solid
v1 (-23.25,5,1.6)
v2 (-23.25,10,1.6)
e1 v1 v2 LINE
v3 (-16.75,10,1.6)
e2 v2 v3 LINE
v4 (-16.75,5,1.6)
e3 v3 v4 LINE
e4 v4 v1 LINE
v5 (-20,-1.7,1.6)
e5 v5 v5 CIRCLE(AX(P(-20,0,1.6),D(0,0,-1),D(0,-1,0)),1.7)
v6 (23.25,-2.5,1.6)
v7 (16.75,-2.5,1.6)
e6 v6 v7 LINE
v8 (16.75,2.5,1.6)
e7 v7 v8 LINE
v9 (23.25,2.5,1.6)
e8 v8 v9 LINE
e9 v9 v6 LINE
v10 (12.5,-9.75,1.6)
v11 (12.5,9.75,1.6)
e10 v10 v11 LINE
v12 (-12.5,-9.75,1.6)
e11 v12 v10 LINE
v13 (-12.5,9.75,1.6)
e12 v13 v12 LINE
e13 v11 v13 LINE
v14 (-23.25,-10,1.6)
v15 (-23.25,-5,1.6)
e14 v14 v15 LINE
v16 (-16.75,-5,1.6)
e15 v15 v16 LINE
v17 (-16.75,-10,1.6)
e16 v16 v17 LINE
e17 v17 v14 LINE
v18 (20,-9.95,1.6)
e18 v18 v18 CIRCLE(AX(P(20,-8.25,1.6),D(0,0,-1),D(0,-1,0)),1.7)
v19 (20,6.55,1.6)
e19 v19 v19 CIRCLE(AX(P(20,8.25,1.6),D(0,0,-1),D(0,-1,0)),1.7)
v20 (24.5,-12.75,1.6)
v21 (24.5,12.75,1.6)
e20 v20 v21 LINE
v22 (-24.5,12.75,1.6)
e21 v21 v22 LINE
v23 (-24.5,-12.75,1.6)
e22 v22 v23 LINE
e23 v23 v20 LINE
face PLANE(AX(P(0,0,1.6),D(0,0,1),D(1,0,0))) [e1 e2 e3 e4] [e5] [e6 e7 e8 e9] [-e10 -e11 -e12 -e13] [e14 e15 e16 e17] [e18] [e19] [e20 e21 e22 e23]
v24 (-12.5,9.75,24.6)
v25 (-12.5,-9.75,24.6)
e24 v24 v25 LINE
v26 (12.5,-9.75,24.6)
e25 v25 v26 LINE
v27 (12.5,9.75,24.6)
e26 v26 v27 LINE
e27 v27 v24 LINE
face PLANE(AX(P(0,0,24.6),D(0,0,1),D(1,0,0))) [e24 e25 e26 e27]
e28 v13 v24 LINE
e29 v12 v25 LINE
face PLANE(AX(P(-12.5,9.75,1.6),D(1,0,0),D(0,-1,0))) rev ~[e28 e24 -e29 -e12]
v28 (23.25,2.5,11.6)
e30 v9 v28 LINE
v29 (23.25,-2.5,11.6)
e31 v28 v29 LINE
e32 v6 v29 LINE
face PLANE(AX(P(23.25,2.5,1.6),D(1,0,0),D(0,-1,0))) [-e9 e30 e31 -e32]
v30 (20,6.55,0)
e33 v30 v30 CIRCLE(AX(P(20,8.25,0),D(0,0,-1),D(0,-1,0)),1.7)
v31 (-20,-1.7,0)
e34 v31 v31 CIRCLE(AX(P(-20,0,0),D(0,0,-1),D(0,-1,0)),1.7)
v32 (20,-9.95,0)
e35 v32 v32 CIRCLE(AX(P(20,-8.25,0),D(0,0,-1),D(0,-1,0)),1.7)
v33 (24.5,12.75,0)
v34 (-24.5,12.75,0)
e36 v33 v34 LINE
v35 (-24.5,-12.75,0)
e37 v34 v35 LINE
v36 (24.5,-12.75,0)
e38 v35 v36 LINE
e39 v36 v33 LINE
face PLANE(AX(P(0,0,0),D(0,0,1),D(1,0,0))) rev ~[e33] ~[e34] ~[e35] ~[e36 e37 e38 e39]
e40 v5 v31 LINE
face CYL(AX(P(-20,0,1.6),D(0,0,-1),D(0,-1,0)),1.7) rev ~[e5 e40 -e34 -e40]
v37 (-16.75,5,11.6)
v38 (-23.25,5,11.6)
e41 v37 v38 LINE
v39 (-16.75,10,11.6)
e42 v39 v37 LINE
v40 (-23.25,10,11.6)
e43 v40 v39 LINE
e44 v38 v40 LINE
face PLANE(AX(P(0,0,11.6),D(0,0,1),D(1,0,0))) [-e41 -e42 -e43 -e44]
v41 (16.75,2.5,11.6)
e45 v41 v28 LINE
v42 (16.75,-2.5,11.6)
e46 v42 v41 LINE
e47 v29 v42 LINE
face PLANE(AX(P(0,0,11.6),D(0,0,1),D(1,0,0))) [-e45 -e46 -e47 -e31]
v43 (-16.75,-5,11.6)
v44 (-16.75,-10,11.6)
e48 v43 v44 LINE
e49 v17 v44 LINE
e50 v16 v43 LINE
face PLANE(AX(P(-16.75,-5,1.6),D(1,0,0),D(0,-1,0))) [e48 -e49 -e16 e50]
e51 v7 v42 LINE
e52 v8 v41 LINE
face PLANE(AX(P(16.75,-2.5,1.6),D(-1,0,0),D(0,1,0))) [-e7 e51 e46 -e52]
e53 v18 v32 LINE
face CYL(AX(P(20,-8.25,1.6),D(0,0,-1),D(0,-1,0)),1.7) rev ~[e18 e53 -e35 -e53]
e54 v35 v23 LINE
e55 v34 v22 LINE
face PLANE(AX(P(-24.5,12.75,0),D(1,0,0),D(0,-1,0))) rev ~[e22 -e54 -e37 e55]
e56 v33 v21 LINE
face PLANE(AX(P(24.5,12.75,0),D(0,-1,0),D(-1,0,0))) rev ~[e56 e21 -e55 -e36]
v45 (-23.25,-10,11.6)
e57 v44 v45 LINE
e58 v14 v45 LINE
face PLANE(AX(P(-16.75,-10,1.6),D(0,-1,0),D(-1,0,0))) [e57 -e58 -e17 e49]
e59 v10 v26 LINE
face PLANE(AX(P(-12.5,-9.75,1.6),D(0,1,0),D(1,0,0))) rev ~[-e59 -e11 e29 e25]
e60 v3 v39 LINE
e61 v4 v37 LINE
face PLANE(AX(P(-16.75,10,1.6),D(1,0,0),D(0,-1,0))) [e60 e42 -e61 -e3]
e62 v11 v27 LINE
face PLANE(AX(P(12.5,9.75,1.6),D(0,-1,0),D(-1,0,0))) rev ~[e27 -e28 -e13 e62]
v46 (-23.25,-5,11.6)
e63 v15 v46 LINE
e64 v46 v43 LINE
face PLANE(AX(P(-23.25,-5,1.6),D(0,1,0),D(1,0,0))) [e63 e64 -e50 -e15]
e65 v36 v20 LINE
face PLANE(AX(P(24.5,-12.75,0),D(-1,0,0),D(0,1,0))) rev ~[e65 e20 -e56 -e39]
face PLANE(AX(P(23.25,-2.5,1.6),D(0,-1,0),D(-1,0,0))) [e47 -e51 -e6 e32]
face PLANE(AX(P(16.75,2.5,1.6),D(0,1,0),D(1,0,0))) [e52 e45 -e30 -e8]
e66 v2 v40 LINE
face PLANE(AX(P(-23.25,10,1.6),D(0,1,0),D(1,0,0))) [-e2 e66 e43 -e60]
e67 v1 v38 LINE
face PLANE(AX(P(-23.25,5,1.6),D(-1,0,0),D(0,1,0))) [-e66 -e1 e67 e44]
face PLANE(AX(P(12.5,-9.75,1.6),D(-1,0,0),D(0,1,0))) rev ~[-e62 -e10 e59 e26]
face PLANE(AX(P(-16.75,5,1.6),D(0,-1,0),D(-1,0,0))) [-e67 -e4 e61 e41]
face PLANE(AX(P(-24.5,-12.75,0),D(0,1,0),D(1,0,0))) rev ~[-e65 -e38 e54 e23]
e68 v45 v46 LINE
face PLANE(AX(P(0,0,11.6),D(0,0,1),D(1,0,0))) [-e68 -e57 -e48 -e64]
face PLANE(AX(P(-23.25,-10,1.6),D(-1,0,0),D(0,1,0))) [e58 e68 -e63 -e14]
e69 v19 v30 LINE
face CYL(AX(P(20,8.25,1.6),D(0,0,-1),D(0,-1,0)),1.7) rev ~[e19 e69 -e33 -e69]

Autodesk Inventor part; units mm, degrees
ref_plane "YZ Plane" through (0, 0, 0) normal (1, 0, 0) x (0, 1, 0)
ref_plane "XZ Plane" through (0, 0, 0) normal (0, 1, 0) x (-1, 0, 0)
ref_plane "XY Plane" through (0, 0, 0) normal (0, 0, 1) x (1, 0, 0)
sketch "Sketch1" plane through (0, 0, 0) normal (0, 0, 1) x (1, 0, 0)
  line L0 (-24.5, -12.75) -> (24.5, -12.75)
  line L1 (24.5, -12.75) -> (24.5, 12.75)
  line L2 (24.5, 12.75) -> (-24.5, 12.75)
  line L3 (-24.5, 12.75) -> (-24.5, -12.75)
  line L4 (-24.5, -12.75) -> (24.5, 12.75) construction
  line L5 (24.5, -12.75) -> (-24.5, 12.75) construction
  point P0 (0, 0)
  dimension "d0" = 49
  dimension "d1" = 25.5
extrude "Extrusion1" add sketch "Sketch1" along normal blind 1.6
sketch "Sketch2" plane through (0, 0, 1.6) normal (0, 0, 1) x (1, 0, 0)
  line L0 (-12.5, -9.75) -> (12.5, -9.75)
  line L1 (12.5, -9.75) -> (12.5, 9.75)
  line L2 (12.5, 9.75) -> (-12.5, 9.75)
  line L3 (-12.5, 9.75) -> (-12.5, -9.75)
  line L4 (-12.5, -9.75) -> (12.5, 9.75) construction
  line L5 (12.5, -9.75) -> (-12.5, 9.75) construction
  point P0 (0, 0)
  dimension "d4" = 25
  dimension "d5" = 19.5
extrude "Extrusion2" add sketch "Sketch2" along normal blind 23
sketch "Sketch3" plane through (0, 0, 1.6) normal (0, 0, 1) x (1, 0, 0)
  line L0 (16.75, 2.5) -> (23.25, 2.5)
  line L1 (23.25, 2.5) -> (23.25, -2.5)
  line L2 (23.25, -2.5) -> (16.75, -2.5)
  line L3 (16.75, -2.5) -> (16.75, 2.5)
  line L4 (-23.25, 10) -> (-16.75, 10)
  line L5 (-16.75, 10) -> (-16.75, 5)
  line L6 (-16.75, 5) -> (-23.25, 5)
  line L7 (-23.25, 5) -> (-23.25, 10)
  line L8 (-23.25, -5) -> (-16.75, -5)
  line L9 (-16.75, -5) -> (-16.75, -10)
  line L10 (-16.75, -10) -> (-23.25, -10)
  line L11 (-23.25, -10) -> (-23.25, -5)
  line L12 (24.5, -12.75) -> (24.5, 12.75) construction
  line L13 (-16.75, 5) -> (-16.75, -5) construction
  point P0 (0, 0)
  point P1 (23.25, 0)
  point P2 (-16.75, 0)
  dimension "d8" = 5
  dimension "d9" = 5
  dimension "d10" = 5
  dimension "d11" = 6.5
  dimension "d12" = 6.5
  dimension "d13" = 6.5
  dimension "d14" = 33.5
  dimension "d15" = 1.25
  dimension "d16" = 10
extrude "Extrusion3" add sketch "Sketch3" along normal blind 10
sketch "Sketch4" plane through (0, 0, 1.6) normal (0, 0, 1) x (1, 0, 0)
  line L0 (20, 8.25) -> (20, -8.25) construction
  line L1 (-24.5, 12.75) -> (-24.5, -12.75) projected
  point P0 (0, 0)
  point P1 (-20, 0)
  point P2 (20, 0)
  dimension "d19" = 40
  dimension "d20" = 16.5
  dimension "d21" = 4.5
hole "Hole1" at (-20, 0, 1.6) at (20, 8.25, 1.6) at (20, -8.25, 1.6) direction (0, 0, -1) diameter 3.4 depth 8 tip angle 118 clearance for "Countersunk Flat Head Screw DIN EN ISO 2009" size "M3" standard "DIN"
properties part number "GDT"
